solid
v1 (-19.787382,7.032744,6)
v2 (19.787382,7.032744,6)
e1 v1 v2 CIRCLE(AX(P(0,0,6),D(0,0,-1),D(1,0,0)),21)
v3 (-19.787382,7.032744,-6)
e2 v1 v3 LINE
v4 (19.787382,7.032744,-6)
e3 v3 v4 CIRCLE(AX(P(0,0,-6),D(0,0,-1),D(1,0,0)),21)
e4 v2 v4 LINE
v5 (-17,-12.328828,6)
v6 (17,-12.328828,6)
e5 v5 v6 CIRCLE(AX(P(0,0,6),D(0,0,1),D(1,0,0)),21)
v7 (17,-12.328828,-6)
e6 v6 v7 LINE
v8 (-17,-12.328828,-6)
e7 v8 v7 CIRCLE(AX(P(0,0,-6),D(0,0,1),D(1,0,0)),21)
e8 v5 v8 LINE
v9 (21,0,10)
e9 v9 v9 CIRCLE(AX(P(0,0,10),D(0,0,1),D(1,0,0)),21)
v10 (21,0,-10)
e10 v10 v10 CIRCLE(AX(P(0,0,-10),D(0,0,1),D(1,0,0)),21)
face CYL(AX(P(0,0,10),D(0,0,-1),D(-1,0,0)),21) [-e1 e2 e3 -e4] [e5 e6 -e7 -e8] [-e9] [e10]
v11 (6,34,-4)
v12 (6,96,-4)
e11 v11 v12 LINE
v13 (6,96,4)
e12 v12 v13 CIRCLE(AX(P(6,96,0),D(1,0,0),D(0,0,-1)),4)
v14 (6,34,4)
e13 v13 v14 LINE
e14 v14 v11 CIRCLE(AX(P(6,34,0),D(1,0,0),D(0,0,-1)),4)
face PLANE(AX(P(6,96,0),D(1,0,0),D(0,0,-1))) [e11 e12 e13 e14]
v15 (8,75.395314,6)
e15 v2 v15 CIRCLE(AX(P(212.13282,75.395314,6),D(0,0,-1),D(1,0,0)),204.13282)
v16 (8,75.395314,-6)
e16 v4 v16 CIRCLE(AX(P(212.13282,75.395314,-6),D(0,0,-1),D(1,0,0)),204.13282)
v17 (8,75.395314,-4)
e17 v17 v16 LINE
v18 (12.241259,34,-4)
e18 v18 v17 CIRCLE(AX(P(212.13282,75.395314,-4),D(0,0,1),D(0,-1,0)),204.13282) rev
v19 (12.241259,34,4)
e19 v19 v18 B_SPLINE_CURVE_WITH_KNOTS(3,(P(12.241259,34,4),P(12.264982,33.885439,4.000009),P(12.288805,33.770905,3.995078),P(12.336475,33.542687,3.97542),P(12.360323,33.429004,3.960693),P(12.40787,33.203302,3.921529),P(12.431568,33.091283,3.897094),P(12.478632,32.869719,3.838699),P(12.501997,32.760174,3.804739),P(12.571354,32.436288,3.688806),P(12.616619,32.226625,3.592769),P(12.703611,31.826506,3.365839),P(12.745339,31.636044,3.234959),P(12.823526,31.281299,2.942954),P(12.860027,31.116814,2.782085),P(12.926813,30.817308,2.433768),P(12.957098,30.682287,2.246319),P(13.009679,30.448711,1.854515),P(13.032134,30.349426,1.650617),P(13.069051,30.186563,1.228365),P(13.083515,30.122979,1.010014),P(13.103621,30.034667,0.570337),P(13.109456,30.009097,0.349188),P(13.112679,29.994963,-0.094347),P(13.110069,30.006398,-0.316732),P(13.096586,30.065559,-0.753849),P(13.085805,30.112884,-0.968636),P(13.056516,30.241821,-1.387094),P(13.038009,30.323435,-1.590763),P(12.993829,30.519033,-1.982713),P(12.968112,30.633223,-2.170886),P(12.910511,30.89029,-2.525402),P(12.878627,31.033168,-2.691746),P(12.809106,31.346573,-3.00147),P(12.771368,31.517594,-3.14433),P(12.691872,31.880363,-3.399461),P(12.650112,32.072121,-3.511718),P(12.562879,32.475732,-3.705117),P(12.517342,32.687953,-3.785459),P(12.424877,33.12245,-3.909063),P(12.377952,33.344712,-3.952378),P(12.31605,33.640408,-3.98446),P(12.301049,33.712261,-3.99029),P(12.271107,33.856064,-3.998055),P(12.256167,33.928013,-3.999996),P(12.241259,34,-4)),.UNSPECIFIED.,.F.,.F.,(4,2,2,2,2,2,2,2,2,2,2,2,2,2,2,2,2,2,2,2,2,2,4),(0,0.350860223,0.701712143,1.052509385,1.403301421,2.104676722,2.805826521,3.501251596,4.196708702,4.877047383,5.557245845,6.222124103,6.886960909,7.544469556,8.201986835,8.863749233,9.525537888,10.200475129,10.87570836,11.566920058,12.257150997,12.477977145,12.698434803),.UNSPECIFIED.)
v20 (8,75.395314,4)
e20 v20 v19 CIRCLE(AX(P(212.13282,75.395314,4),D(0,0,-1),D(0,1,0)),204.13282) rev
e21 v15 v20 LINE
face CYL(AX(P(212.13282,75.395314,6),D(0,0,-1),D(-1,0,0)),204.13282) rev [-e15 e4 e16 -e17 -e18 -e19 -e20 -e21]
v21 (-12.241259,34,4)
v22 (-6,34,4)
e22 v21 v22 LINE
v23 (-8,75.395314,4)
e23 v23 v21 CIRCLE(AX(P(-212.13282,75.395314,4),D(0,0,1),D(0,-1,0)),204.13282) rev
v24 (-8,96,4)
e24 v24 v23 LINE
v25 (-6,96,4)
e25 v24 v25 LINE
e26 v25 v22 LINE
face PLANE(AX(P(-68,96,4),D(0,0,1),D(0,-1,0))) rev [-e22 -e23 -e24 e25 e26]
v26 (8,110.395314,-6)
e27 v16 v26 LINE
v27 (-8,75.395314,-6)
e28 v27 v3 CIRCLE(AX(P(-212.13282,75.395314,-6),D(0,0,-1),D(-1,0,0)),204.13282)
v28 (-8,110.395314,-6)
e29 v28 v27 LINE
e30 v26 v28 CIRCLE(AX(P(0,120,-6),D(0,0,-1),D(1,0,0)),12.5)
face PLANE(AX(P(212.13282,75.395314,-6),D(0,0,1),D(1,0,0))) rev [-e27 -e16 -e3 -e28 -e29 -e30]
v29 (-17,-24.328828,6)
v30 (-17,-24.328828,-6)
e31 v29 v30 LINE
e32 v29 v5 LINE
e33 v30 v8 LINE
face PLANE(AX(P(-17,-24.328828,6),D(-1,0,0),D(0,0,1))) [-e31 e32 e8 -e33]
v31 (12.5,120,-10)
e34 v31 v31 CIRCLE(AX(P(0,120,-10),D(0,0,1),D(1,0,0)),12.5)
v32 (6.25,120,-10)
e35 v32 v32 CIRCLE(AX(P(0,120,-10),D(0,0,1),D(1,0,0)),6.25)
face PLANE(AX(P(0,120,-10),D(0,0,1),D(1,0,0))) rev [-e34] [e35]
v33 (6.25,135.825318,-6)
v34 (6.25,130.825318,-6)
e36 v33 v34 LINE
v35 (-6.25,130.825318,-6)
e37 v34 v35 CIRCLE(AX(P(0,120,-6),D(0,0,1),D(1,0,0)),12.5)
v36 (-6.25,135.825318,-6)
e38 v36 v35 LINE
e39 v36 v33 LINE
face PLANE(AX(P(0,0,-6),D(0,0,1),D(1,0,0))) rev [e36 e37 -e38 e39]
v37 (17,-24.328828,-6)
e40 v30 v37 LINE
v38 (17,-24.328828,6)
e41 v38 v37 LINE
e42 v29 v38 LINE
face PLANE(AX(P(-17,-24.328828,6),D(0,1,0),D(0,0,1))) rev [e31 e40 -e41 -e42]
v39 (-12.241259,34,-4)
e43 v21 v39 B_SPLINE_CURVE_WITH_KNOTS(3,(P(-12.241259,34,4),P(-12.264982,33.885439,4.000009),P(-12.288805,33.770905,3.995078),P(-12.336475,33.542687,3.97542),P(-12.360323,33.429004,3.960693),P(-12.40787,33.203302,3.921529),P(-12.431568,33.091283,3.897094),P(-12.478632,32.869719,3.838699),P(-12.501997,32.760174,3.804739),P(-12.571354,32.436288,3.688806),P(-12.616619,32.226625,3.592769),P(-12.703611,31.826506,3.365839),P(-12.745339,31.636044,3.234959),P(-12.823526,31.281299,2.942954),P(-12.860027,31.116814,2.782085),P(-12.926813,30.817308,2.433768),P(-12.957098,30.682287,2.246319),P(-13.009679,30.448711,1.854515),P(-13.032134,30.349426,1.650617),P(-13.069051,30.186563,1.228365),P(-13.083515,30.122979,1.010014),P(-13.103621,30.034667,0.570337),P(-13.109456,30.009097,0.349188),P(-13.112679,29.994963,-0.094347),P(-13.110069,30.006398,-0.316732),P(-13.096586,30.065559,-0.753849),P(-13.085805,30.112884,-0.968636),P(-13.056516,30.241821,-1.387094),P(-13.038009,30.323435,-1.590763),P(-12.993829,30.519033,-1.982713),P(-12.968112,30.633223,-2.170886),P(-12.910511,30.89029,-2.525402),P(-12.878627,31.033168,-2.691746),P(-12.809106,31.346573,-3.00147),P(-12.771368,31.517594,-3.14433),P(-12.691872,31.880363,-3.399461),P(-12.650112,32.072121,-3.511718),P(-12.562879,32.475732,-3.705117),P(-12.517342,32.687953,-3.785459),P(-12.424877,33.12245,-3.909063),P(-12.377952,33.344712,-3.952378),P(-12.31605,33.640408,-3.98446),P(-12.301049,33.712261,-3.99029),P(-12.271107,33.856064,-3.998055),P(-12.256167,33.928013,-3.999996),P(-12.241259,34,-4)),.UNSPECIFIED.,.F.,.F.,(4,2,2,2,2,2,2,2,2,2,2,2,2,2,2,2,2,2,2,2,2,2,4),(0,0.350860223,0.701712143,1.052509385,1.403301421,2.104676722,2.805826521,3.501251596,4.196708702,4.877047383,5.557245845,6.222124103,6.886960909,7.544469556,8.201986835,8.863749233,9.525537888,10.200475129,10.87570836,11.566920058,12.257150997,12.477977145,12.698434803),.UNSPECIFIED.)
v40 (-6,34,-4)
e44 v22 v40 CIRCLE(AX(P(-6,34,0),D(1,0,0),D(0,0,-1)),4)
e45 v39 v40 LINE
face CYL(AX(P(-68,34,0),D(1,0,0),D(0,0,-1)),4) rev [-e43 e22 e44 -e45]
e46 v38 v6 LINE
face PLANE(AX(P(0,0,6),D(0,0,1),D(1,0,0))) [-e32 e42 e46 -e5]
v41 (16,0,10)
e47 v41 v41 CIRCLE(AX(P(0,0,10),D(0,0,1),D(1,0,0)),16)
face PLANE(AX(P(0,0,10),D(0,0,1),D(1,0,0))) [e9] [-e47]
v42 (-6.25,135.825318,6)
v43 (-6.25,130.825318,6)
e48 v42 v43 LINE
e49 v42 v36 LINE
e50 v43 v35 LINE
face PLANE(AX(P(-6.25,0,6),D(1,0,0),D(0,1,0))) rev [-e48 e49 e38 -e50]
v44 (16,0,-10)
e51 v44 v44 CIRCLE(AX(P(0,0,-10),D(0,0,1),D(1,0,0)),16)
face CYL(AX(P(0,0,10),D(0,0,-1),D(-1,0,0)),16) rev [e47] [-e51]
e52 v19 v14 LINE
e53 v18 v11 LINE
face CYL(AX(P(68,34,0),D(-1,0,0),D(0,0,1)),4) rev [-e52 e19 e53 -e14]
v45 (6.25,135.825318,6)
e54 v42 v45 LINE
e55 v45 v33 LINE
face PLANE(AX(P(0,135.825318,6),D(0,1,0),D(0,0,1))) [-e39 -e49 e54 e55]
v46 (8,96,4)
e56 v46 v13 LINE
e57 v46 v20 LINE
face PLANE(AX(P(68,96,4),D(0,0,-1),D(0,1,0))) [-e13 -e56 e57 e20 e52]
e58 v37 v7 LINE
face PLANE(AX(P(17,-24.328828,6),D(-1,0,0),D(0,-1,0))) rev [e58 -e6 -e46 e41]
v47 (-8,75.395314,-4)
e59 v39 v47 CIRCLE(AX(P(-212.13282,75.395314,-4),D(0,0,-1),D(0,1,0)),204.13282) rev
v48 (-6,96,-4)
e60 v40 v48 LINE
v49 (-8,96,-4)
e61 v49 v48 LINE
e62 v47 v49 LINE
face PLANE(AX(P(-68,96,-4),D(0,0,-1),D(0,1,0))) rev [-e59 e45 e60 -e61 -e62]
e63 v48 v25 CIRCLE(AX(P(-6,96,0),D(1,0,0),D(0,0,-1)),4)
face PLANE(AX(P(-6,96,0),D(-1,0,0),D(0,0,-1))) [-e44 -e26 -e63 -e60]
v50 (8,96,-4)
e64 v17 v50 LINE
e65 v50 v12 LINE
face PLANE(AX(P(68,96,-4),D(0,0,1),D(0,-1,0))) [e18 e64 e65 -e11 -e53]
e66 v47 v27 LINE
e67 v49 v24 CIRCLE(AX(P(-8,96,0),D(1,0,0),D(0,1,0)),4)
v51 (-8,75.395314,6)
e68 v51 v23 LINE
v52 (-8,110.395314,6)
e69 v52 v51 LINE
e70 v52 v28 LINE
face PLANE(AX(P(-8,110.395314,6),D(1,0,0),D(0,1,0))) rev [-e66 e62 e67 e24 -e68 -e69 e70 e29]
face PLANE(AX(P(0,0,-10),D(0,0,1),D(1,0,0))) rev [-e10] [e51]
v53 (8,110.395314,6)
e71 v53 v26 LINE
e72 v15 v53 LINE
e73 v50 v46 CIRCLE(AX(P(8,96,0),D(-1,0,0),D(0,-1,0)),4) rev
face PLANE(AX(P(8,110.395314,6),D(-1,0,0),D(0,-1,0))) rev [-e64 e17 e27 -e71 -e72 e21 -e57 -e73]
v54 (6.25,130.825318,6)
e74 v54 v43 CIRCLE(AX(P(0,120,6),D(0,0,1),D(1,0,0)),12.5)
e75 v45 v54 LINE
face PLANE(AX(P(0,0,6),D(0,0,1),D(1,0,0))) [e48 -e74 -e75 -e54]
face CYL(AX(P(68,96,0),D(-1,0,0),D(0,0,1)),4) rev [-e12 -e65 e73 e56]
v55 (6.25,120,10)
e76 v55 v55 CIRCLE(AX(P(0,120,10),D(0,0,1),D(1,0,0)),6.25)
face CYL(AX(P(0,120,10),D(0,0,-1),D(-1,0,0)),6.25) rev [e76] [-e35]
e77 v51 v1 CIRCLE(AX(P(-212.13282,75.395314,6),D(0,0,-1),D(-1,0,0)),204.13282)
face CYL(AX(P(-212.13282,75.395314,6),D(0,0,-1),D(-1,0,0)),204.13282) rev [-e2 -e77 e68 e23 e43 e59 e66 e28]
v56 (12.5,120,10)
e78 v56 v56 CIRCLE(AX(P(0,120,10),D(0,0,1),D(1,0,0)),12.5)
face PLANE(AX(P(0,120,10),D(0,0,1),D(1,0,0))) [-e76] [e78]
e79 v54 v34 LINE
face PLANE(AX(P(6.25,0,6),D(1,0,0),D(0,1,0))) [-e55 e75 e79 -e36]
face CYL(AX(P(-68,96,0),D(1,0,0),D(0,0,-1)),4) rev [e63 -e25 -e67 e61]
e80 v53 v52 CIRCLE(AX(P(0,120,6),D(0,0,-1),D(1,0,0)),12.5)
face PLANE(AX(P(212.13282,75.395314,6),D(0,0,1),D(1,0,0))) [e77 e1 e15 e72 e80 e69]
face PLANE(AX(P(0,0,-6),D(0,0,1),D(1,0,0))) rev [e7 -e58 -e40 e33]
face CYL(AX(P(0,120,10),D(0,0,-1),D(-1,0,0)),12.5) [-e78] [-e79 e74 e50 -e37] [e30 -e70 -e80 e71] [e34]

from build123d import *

# Parameters (mm, degrees)
SKETCH2_R             = 21
SKETCH2_R_2           = 16
BOSS_EXTRUDE1_DEPTH   = 10
SKETCH2_R_3           = 12.5
SKETCH2_R_4           = 6.25
BOSS_EXTRUDE1_2_DEPTH = 10
BOSS_EXTRUDE2_DEPTH   = 6
BOSS_EXTRUDE3_DEPTH   = 6
CUT_EXTRUDE1_DEPTH    = 62


with BuildPart() as part:
    # Sketch2 → Boss-Extrude1 (new, symmetric)
    with BuildSketch(Plane.XY):
        Circle(SKETCH2_R)
        Circle(SKETCH2_R_2, mode=Mode.SUBTRACT)
    extrude(amount=BOSS_EXTRUDE1_DEPTH, both=True)



with BuildPart() as body_2:
    # Sketch2 → Boss-Extrude1 2 (new, symmetric)
    with BuildSketch(Plane.XY):
        with Locations((0, 120)):
            Circle(SKETCH2_R_3)
        with Locations((0, 120)):
            Circle(SKETCH2_R_4, mode=Mode.SUBTRACT)
    extrude(amount=BOSS_EXTRUDE1_2_DEPTH, both=True)


with BuildPart() as part_1:
    add(part.part)

    add(body_2.part)  # Boss-Extrude2 merges body 2
    # Sketch3 → Boss-Extrude2 (add, symmetric)
    with BuildSketch(Plane.XY):
        with BuildLine():
            Line((-8, 110.395313644), (-8, 75.395313644))
            ThreePointArc((-8, 75.395313644), (-10.96842855, 40.709642053), (-19.787382488, 7.032744434))
            ThreePointArc((-19.787382488, 7.032744434), (0, 21), (19.787382488, 7.032744434))
            ThreePointArc((19.787382488, 7.032744434), (10.96842855, 40.709642053), (8, 75.395313644))
            Line((8, 75.395313644), (8, 110.395313644))
            ThreePointArc((8, 110.395313644), (0, 107.5), (-8, 110.395313644))
        make_face()
    extrude(amount=BOSS_EXTRUDE2_DEPTH, both=True)

    # Sketch4 → Boss-Extrude3 (add, symmetric)
    with BuildSketch(Plane.XY):
        with BuildLine():
            Line((0, 132.5), (0, 135.825317547))
            Line((0, 135.825317547), (-6.25, 135.825317547))
            Line((-6.25, 135.825317547), (-6.25, 130.825317547))
            ThreePointArc((-6.25, 130.825317547), (-3.235238064, 132.074072829), (0, 132.5))
        make_face()
        with BuildLine():
            Line((6.25, 135.825317547), (0, 135.825317547))
            Line((0, 135.825317547), (0, 132.5))
            ThreePointArc((0, 132.5), (3.235238064, 132.074072829), (6.25, 130.825317547))
            Line((6.25, 130.825317547), (6.25, 135.825317547))
        make_face()
        with BuildLine():
            ThreePointArc((-17, -12.328828006), (0, -21), (17, -12.328828006))
            Line((17, -12.328828006), (17, -24.328828006))
            Line((17, -24.328828006), (-17, -24.328828006))
            Line((-17, -24.328828006), (-17, -12.328828006))
        make_face()
    extrude(amount=BOSS_EXTRUDE3_DEPTH, both=True)

    # Sketch5 → Cut-Extrude1 (cut)
    with BuildSketch(Plane(origin=(6, 0, 0), x_dir=(0, 0, -1), z_dir=(1, 0, 0))):
        with BuildLine():
            Line((4, 96), (4, 34))
            ThreePointArc((4, 34), (0, 30), (-4, 34))
            Line((-4, 34), (-4, 96))
            ThreePointArc((-4, 96), (0, 100), (4, 96))
        make_face()
    cut_extrude1 = extrude(amount=CUT_EXTRUDE1_DEPTH, mode=Mode.SUBTRACT)

    # Mirror1: Cut-Extrude1 across plane
    add(cut_extrude1.mirror(Plane(origin=(0, 0, 0), x_dir=(0, 0, 1), z_dir=(1, 0, 0))), mode=Mode.SUBTRACT)


solid = part_1.part
